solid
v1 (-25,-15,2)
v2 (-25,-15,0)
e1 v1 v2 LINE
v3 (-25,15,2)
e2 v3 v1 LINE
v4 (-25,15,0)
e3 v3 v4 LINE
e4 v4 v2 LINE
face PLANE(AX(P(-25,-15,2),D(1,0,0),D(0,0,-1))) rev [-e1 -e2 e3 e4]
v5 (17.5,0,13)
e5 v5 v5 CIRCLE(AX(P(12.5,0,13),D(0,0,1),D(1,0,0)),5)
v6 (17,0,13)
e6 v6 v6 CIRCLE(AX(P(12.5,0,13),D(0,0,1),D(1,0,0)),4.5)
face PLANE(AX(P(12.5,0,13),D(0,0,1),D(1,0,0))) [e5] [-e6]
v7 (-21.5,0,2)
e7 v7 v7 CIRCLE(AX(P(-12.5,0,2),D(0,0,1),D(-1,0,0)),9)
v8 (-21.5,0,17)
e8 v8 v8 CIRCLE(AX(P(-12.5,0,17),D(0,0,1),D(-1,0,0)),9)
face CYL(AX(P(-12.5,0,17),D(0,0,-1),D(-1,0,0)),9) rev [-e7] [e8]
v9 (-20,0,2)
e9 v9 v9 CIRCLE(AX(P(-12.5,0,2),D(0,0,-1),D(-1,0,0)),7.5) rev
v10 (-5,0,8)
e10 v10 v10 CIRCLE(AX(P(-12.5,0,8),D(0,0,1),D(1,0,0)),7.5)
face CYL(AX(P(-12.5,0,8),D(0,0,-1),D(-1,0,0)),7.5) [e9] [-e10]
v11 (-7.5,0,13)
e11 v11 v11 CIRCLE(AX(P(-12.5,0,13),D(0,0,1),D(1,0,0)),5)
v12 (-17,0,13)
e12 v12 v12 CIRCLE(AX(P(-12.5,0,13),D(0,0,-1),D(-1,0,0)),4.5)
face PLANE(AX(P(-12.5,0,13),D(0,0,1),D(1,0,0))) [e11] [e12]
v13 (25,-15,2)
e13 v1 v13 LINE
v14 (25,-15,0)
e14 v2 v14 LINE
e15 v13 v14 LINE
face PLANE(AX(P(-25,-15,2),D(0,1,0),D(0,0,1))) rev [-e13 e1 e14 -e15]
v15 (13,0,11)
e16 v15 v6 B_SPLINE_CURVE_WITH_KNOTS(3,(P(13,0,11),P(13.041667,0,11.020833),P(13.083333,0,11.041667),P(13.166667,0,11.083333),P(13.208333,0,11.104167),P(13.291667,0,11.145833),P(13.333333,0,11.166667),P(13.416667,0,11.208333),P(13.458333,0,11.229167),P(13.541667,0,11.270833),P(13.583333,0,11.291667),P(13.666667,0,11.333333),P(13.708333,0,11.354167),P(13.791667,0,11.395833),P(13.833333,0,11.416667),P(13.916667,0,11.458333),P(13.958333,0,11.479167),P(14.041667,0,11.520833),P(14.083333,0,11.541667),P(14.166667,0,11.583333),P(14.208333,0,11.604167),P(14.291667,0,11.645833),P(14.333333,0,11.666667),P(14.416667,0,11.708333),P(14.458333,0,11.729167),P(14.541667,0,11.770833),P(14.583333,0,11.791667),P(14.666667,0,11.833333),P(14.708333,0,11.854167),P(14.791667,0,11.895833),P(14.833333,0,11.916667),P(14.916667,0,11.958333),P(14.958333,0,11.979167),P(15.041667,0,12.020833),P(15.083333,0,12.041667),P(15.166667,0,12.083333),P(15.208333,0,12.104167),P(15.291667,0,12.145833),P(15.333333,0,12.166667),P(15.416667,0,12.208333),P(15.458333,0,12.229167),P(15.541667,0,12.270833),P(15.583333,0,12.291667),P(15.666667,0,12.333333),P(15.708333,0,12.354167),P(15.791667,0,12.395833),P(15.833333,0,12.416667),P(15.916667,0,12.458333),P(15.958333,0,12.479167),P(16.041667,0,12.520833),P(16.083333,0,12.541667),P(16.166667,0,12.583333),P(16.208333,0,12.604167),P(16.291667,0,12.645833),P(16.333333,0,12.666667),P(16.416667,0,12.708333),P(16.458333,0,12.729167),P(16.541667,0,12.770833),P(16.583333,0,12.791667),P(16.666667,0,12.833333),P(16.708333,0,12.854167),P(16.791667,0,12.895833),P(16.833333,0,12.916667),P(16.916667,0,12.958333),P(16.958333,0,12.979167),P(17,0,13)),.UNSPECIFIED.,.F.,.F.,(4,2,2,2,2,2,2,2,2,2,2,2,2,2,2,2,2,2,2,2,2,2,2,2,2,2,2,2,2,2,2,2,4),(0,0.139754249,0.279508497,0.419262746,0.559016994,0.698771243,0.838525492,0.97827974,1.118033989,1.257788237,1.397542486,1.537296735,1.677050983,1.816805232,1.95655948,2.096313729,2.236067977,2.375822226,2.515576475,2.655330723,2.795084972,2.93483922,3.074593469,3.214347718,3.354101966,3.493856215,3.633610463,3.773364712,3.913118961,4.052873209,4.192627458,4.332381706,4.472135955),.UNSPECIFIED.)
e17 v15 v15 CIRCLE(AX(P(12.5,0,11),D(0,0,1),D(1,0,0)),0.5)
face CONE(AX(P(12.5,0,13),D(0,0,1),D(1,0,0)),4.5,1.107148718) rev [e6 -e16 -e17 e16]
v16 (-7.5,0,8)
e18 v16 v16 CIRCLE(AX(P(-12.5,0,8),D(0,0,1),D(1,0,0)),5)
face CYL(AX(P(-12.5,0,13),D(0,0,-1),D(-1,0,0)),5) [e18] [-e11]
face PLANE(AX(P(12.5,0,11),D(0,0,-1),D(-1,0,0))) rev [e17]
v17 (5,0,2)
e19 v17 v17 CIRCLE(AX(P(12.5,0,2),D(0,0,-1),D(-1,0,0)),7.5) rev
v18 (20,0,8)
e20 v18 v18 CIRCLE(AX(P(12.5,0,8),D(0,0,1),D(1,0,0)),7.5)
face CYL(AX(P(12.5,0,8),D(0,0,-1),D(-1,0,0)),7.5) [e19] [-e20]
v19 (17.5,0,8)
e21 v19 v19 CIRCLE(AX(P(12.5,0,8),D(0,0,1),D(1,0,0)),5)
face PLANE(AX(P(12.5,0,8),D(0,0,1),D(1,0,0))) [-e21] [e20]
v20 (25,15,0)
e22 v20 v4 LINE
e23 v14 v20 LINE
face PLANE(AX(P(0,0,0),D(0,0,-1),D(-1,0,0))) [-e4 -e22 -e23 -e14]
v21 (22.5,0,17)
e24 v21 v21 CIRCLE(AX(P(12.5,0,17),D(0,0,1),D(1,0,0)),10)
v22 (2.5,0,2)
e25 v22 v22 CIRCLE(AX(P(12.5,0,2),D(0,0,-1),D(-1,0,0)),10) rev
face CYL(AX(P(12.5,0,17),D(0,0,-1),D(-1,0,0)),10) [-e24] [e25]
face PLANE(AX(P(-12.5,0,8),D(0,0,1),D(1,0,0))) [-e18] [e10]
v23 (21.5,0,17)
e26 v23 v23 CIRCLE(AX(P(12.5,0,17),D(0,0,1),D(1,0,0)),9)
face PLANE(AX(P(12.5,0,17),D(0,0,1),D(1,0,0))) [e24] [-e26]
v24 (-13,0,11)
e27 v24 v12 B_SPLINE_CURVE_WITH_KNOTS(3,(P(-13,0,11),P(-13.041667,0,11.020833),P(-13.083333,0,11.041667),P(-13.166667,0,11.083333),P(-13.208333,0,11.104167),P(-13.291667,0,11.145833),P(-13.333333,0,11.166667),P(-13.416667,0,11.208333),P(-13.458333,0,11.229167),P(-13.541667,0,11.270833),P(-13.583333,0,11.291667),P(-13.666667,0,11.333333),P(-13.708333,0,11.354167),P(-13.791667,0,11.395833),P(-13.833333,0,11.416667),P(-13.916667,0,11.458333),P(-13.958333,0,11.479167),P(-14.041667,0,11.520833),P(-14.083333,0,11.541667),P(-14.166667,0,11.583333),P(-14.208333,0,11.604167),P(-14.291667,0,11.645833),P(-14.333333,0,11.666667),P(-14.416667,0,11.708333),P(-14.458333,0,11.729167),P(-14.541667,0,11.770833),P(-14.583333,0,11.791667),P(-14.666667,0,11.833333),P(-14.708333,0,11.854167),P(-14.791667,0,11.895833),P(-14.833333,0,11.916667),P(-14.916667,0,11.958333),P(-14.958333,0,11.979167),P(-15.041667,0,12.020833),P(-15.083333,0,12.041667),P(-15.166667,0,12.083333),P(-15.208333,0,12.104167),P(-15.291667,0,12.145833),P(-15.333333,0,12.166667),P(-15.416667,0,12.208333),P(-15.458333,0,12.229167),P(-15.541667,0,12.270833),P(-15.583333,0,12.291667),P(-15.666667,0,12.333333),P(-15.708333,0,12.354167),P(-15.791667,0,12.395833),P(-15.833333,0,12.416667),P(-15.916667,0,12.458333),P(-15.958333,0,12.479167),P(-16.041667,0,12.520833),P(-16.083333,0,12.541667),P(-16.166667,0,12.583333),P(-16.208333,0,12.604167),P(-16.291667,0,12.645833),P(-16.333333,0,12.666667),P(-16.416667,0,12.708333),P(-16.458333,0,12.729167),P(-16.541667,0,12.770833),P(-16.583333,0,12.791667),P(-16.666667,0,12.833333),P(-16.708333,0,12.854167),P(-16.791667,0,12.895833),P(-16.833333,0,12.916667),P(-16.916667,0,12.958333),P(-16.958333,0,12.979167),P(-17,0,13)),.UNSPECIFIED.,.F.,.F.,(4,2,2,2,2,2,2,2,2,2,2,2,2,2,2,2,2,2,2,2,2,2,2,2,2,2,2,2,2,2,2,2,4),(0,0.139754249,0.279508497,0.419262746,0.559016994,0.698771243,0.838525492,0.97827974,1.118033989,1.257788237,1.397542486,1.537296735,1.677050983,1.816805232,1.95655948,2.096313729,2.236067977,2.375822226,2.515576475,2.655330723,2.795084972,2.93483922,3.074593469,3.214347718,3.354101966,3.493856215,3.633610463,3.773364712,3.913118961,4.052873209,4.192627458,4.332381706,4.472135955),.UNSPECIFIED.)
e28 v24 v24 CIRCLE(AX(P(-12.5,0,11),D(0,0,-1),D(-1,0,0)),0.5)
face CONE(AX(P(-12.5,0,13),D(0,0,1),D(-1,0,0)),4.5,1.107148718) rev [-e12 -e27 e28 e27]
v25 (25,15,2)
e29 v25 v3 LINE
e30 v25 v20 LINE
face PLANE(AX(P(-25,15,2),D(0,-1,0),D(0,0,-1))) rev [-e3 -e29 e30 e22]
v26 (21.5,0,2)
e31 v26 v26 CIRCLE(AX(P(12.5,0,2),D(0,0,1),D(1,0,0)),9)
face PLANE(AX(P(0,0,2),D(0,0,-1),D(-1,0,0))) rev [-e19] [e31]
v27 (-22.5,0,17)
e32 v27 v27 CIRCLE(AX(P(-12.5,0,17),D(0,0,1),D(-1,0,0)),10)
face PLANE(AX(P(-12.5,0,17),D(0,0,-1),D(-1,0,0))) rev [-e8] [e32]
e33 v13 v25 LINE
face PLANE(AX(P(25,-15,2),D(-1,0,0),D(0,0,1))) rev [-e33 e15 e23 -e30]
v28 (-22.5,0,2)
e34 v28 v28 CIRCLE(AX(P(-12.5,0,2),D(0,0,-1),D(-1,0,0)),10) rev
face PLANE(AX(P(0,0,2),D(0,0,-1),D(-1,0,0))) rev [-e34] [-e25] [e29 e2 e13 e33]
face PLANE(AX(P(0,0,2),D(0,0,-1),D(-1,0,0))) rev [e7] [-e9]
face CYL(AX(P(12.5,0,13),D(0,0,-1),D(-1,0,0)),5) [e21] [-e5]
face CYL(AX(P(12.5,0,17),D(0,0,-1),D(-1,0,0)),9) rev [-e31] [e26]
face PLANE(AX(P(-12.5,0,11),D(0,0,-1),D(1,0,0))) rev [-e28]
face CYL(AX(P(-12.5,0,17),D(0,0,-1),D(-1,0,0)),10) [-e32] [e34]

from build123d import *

# Parameters (mm, degrees)
SKETCH_1_W      = 50
SKETCH_1_H      = 30
EXTRUDE_1_DEPTH = 2
SKETCH_2_R      = 10
SKETCH_2_R_2    = 9
EXTRUDE_2_DEPTH = 15
SKETCH_3_R      = 7.5
EXTRUDE_3_DEPTH = 6
SKETCH_4_R      = 5
EXTRUDE_4_DEPTH = 5


with BuildPart() as part:
    # 草图1 → 凸台-拉伸1 (new body)
    with BuildSketch(Plane.XY):
        Rectangle(SKETCH_1_W, SKETCH_1_H)
    extrude(amount=EXTRUDE_1_DEPTH)

    # 草图2 → 凸台-拉伸2 (add)
    # profile 1 of 2: a face of its own
    with BuildSketch(Plane.XY.offset(2)):
        with Locations(Location((12.5, 0, 0), (0, 0, 180))):
            Circle(SKETCH_2_R)
        with Locations((12.5, 0)):
            Circle(SKETCH_2_R_2, mode=Mode.SUBTRACT)
    # profile 2 of 2: a face of its own
    with BuildSketch(Plane.XY.offset(2)):
        with Locations(Location((-12.5, 0, 0), (0, 0, 180))):
            Circle(SKETCH_2_R)
        with Locations(Location((-12.5, 0, 0), (0, 0, 180))):
            Circle(SKETCH_2_R_2, mode=Mode.SUBTRACT)
    extrude(amount=EXTRUDE_2_DEPTH)

    # 草图3 → 凸台-拉伸3 (add)
    with BuildSketch(Plane.XY.offset(2)):
        with Locations(Location((12.5, 0, 0), (0, 0, 180))):
            Circle(SKETCH_3_R)
        with Locations(Location((-12.5, 0, 0), (0, 0, 180))):
            Circle(SKETCH_3_R)
    extrude(amount=EXTRUDE_3_DEPTH)

    # 草图4 → 凸台-拉伸4 (add)
    with BuildSketch(Plane.XY.offset(8)):
        with Locations((-12.5, 0)):
            Circle(SKETCH_4_R)
        with Locations((12.5, 0)):
            Circle(SKETCH_4_R)
    extrude(amount=EXTRUDE_4_DEPTH)

    # 草图5 → 切除-旋转1 (revolve, cut)
    with BuildSketch(Plane(origin=(0, 0, 0), x_dir=(1, 0, 0), z_dir=(0, 1, 0))):
        Polygon((12.5, -13), (17, -13), (13, -11), (12.5, -11), align=None)
    cut_revolve_1 = revolve(axis=Axis((12.5, 0, 14.465329718), (0, 0, -1)), mode=Mode.SUBTRACT)

    # 镜向1: 切除-旋转1 across plane
    add(cut_revolve_1.mirror(Plane(origin=(0, 0, 0), x_dir=(0, 0, 1), z_dir=(1, 0, 0))), mode=Mode.SUBTRACT)


solid = part.part
